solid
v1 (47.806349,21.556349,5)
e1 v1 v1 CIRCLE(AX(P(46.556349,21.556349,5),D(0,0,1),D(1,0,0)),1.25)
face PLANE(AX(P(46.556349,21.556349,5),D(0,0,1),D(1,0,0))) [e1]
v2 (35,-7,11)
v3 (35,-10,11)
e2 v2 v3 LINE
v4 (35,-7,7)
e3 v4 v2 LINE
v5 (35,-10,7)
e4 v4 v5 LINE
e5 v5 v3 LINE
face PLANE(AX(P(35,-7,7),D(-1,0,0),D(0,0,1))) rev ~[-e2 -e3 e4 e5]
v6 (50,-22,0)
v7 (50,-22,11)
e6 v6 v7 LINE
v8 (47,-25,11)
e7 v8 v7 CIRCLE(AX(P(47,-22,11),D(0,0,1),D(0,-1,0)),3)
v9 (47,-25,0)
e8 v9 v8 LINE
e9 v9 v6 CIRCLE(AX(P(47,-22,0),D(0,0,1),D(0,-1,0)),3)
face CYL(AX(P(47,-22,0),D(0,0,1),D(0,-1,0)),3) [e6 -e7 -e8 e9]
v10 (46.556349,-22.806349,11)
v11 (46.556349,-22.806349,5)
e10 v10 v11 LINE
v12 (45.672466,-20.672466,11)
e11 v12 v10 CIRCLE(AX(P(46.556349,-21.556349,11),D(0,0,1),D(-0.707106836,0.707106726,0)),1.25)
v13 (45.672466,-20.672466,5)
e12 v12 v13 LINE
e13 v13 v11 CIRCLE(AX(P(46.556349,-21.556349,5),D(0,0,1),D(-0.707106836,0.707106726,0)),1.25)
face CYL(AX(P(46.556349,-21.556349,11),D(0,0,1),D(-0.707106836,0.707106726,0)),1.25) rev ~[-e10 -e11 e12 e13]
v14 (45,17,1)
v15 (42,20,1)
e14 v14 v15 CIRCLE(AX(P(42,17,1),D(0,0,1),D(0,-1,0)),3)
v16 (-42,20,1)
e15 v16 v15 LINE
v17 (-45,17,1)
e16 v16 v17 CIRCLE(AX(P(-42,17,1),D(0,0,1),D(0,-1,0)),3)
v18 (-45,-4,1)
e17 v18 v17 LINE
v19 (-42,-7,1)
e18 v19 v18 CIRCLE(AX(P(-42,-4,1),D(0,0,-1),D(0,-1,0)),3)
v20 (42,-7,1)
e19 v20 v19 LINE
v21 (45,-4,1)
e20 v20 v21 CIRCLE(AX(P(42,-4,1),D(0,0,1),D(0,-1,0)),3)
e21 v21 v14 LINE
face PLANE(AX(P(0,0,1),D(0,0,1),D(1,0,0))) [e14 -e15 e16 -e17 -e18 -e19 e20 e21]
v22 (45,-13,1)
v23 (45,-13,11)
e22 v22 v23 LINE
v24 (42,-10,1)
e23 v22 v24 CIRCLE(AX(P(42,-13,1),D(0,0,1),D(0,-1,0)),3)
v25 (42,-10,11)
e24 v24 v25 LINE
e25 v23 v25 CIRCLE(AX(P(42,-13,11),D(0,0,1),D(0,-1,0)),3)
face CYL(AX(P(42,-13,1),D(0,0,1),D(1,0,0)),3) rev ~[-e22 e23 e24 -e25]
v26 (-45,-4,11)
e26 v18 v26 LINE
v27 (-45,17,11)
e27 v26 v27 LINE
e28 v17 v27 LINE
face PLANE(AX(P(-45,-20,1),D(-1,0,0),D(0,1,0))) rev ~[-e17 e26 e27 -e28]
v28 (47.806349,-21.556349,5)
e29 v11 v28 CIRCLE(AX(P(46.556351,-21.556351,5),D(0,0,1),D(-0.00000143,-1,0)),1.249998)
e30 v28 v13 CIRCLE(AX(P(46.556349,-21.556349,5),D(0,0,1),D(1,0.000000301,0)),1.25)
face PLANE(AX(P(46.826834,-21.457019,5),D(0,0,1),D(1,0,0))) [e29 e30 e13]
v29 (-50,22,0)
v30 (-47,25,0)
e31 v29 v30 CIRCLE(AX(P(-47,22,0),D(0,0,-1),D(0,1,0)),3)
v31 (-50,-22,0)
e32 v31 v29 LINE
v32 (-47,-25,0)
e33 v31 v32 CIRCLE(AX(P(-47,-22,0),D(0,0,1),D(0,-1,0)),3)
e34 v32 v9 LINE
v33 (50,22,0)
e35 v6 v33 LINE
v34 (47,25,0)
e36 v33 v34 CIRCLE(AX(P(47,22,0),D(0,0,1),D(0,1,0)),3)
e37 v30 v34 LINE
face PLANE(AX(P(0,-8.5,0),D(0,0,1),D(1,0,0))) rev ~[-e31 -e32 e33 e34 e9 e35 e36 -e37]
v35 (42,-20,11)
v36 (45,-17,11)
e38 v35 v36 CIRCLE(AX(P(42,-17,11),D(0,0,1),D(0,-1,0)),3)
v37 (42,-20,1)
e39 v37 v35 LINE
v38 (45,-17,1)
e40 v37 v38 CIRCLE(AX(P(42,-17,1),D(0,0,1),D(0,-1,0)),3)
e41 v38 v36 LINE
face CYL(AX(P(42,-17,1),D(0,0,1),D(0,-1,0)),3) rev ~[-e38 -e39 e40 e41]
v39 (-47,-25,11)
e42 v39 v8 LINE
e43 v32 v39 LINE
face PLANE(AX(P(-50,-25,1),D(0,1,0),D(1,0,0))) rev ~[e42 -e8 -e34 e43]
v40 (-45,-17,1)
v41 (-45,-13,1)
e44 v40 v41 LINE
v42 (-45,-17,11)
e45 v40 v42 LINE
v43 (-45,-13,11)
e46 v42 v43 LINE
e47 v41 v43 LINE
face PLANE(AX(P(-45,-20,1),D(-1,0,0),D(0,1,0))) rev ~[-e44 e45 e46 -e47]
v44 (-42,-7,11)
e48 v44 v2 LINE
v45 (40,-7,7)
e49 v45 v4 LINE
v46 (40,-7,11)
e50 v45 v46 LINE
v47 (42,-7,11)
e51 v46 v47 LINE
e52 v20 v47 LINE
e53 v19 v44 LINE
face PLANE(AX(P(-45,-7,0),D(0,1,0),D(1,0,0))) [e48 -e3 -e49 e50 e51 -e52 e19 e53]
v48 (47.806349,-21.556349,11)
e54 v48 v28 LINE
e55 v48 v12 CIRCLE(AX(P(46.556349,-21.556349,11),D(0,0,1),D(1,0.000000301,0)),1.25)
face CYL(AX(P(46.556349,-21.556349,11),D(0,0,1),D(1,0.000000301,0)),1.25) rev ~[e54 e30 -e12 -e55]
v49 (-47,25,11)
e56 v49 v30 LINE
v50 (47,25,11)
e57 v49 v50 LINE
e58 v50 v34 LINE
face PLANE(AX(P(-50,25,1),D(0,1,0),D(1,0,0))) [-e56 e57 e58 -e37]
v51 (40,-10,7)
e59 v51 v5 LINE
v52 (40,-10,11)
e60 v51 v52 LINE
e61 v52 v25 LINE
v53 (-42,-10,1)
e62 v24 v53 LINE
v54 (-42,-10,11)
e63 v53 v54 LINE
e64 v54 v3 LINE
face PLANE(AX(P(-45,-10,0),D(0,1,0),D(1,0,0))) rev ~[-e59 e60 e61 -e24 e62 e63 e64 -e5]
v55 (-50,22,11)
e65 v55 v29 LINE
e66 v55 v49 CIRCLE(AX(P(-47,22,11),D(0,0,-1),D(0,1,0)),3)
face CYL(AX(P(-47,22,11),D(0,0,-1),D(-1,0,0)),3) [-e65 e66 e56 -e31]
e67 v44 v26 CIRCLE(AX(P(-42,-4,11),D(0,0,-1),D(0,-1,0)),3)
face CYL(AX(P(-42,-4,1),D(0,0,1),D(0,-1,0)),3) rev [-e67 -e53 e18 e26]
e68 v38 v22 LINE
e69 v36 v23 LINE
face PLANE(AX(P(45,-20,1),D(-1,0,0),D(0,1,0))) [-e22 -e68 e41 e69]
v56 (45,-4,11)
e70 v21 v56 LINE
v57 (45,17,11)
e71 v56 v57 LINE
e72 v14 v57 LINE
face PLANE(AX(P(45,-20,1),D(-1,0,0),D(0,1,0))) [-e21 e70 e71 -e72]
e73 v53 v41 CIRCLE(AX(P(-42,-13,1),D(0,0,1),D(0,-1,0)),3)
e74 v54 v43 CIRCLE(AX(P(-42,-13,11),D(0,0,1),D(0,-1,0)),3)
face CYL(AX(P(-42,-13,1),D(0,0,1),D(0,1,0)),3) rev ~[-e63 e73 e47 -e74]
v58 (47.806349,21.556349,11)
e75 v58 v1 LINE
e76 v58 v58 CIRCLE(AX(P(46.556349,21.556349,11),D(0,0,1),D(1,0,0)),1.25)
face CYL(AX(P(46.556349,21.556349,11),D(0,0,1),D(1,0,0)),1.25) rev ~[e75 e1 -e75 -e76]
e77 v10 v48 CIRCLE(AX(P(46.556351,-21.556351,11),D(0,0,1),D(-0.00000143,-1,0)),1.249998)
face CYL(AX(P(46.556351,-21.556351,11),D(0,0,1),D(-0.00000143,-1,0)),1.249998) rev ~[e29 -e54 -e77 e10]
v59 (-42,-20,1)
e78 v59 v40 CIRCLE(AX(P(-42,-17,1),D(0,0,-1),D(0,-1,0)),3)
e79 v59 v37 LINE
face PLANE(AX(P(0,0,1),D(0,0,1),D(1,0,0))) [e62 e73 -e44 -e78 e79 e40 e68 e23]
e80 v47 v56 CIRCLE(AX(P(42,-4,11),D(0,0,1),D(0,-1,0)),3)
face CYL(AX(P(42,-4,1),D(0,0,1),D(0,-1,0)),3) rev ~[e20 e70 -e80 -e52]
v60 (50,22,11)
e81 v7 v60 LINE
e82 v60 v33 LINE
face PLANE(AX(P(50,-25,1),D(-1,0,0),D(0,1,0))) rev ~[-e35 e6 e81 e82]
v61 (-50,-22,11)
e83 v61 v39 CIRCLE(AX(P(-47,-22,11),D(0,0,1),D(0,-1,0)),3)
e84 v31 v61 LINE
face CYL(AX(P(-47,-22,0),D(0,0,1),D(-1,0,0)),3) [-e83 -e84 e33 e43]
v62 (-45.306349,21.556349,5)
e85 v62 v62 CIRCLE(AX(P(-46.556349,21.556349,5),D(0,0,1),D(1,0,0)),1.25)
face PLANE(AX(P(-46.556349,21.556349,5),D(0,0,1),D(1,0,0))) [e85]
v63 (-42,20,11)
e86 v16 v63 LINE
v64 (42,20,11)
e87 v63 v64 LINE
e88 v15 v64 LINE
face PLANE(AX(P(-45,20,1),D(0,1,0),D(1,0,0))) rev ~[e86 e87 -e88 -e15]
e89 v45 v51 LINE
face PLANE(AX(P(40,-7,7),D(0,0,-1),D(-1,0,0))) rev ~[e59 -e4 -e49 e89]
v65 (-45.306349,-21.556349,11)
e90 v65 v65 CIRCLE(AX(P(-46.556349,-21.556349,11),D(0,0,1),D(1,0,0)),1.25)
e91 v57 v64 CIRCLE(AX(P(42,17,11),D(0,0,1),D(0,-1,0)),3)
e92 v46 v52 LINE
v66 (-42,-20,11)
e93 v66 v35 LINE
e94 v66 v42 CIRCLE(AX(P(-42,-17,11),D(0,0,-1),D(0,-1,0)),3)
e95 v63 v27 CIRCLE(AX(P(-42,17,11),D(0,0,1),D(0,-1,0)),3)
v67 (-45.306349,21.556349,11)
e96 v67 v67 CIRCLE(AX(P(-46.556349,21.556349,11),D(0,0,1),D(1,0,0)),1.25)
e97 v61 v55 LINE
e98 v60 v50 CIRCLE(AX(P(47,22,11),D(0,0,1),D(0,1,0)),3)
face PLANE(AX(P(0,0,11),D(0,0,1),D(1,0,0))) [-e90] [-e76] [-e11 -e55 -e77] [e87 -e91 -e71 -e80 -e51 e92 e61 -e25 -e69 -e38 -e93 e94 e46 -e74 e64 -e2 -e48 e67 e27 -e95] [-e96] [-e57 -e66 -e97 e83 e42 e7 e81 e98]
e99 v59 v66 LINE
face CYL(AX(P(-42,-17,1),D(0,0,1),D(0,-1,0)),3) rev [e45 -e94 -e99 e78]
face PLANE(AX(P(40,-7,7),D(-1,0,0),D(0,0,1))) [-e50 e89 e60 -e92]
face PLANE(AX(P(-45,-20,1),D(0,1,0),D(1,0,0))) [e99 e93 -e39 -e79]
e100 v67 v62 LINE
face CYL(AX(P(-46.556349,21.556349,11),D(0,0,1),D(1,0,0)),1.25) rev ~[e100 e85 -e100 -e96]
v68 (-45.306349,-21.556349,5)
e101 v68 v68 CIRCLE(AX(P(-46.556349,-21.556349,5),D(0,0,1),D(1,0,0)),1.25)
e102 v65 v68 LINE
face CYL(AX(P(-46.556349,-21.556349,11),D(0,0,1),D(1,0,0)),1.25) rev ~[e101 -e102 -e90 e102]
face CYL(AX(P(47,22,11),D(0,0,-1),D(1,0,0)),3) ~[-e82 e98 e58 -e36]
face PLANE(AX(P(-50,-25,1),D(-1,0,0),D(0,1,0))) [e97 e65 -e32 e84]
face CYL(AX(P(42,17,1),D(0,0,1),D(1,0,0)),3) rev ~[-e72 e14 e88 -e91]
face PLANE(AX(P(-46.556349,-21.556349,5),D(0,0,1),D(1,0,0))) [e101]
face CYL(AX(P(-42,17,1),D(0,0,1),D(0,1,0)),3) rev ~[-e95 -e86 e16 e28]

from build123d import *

# Parameters (mm, degrees)
F0_W      = 100
F0_H      = 50
F1_DEPTH  = 1
F2_W      = 100
F2_H      = 50
F2_W_2    = 90
F2_H_2    = 40
F3_DEPTH  = 10
F4_W      = 90
F4_H      = 3
F5_DEPTH  = 11
F6_W      = 5
F6_H      = 4
F7_DEPTH  = 3
F8_R      = 3
F9_R      = 1.25
F10_DEPTH = 6


with BuildPart() as f1:
    # F0 (on Top) → F1 (new body)
    with BuildSketch(Plane.XY):
        Rectangle(F0_W, F0_H)
    extrude(amount=F1_DEPTH)

    # F2 (on face) → F3 (join)
    with BuildSketch(Plane.XY.offset(1)):
        Rectangle(F2_W, F2_H)
        Rectangle(F2_W_2, F2_H_2, mode=Mode.SUBTRACT)
    extrude(amount=F3_DEPTH)

    # F4 (on Top) → F5 (join, through all)
    with BuildSketch(Plane.XY):
        with Locations((0, -8.5)):
            Rectangle(F4_W, F4_H)
    extrude(amount=F5_DEPTH)

    # F6 (on face) → F7 (cut, through all)
    with BuildSketch(Plane(origin=(0, -7, 0), x_dir=(-1, 0, 0), z_dir=(0, 1, 0))):
        with Locations((-37.5, 9)):
            Rectangle(F6_W, F6_H)
    extrude(amount=-F7_DEPTH, mode=Mode.SUBTRACT)

    # F8
    f8_edges = [f1.edges().sort_by_distance(p)[0] for p in [
        (50, -25, 5.5),
        (50, 25, 5.5),
        (-50, -25, 5.5),
        (-50, 25, 5.5),
        (45, -20, 6),
        (-45, -20, 6),
        (45, 20, 6),
        (-45, 20, 6),
        (45, -7, 6),
        (-45, -7, 6),
        (45, -10, 6),
        (-45, -10, 6),
    ]]
    fillet(f8_edges, radius=F8_R)

    # F9 (on face) → F10 (cut)
    with BuildSketch(Plane.XY.offset(11)):
        with BuildLine():
            ThreePointArc((46.556349, -22.806349), (47.440233, -22.440233), (47.806349, -21.556349))
            ThreePointArc((47.806349, -21.556349), (47.034703, -20.4015), (45.672466, -20.672466))
            Line((45.672466, -20.672466), (46.556349, -21.556349))
            Line((46.556349, -21.556349), (46.556349, -22.806349))
        make_face()
        with BuildLine():
            Line((46.556349, -21.556349), (45.672466, -20.672466))
            ThreePointArc((45.672466, -20.672466), (45.4015, -22.034703), (46.556349, -22.806349))
            Line((46.556349, -22.806349), (46.556349, -21.556349))
        make_face()
        with Locations((-46.556349, -21.556349)):
            Circle(F9_R)
        with Locations((-46.556349, 21.556349)):
            Circle(F9_R)
        with Locations((46.556349, 21.556349)):
            Circle(F9_R)
    extrude(amount=-F10_DEPTH, mode=Mode.SUBTRACT)


solid = f1.part
